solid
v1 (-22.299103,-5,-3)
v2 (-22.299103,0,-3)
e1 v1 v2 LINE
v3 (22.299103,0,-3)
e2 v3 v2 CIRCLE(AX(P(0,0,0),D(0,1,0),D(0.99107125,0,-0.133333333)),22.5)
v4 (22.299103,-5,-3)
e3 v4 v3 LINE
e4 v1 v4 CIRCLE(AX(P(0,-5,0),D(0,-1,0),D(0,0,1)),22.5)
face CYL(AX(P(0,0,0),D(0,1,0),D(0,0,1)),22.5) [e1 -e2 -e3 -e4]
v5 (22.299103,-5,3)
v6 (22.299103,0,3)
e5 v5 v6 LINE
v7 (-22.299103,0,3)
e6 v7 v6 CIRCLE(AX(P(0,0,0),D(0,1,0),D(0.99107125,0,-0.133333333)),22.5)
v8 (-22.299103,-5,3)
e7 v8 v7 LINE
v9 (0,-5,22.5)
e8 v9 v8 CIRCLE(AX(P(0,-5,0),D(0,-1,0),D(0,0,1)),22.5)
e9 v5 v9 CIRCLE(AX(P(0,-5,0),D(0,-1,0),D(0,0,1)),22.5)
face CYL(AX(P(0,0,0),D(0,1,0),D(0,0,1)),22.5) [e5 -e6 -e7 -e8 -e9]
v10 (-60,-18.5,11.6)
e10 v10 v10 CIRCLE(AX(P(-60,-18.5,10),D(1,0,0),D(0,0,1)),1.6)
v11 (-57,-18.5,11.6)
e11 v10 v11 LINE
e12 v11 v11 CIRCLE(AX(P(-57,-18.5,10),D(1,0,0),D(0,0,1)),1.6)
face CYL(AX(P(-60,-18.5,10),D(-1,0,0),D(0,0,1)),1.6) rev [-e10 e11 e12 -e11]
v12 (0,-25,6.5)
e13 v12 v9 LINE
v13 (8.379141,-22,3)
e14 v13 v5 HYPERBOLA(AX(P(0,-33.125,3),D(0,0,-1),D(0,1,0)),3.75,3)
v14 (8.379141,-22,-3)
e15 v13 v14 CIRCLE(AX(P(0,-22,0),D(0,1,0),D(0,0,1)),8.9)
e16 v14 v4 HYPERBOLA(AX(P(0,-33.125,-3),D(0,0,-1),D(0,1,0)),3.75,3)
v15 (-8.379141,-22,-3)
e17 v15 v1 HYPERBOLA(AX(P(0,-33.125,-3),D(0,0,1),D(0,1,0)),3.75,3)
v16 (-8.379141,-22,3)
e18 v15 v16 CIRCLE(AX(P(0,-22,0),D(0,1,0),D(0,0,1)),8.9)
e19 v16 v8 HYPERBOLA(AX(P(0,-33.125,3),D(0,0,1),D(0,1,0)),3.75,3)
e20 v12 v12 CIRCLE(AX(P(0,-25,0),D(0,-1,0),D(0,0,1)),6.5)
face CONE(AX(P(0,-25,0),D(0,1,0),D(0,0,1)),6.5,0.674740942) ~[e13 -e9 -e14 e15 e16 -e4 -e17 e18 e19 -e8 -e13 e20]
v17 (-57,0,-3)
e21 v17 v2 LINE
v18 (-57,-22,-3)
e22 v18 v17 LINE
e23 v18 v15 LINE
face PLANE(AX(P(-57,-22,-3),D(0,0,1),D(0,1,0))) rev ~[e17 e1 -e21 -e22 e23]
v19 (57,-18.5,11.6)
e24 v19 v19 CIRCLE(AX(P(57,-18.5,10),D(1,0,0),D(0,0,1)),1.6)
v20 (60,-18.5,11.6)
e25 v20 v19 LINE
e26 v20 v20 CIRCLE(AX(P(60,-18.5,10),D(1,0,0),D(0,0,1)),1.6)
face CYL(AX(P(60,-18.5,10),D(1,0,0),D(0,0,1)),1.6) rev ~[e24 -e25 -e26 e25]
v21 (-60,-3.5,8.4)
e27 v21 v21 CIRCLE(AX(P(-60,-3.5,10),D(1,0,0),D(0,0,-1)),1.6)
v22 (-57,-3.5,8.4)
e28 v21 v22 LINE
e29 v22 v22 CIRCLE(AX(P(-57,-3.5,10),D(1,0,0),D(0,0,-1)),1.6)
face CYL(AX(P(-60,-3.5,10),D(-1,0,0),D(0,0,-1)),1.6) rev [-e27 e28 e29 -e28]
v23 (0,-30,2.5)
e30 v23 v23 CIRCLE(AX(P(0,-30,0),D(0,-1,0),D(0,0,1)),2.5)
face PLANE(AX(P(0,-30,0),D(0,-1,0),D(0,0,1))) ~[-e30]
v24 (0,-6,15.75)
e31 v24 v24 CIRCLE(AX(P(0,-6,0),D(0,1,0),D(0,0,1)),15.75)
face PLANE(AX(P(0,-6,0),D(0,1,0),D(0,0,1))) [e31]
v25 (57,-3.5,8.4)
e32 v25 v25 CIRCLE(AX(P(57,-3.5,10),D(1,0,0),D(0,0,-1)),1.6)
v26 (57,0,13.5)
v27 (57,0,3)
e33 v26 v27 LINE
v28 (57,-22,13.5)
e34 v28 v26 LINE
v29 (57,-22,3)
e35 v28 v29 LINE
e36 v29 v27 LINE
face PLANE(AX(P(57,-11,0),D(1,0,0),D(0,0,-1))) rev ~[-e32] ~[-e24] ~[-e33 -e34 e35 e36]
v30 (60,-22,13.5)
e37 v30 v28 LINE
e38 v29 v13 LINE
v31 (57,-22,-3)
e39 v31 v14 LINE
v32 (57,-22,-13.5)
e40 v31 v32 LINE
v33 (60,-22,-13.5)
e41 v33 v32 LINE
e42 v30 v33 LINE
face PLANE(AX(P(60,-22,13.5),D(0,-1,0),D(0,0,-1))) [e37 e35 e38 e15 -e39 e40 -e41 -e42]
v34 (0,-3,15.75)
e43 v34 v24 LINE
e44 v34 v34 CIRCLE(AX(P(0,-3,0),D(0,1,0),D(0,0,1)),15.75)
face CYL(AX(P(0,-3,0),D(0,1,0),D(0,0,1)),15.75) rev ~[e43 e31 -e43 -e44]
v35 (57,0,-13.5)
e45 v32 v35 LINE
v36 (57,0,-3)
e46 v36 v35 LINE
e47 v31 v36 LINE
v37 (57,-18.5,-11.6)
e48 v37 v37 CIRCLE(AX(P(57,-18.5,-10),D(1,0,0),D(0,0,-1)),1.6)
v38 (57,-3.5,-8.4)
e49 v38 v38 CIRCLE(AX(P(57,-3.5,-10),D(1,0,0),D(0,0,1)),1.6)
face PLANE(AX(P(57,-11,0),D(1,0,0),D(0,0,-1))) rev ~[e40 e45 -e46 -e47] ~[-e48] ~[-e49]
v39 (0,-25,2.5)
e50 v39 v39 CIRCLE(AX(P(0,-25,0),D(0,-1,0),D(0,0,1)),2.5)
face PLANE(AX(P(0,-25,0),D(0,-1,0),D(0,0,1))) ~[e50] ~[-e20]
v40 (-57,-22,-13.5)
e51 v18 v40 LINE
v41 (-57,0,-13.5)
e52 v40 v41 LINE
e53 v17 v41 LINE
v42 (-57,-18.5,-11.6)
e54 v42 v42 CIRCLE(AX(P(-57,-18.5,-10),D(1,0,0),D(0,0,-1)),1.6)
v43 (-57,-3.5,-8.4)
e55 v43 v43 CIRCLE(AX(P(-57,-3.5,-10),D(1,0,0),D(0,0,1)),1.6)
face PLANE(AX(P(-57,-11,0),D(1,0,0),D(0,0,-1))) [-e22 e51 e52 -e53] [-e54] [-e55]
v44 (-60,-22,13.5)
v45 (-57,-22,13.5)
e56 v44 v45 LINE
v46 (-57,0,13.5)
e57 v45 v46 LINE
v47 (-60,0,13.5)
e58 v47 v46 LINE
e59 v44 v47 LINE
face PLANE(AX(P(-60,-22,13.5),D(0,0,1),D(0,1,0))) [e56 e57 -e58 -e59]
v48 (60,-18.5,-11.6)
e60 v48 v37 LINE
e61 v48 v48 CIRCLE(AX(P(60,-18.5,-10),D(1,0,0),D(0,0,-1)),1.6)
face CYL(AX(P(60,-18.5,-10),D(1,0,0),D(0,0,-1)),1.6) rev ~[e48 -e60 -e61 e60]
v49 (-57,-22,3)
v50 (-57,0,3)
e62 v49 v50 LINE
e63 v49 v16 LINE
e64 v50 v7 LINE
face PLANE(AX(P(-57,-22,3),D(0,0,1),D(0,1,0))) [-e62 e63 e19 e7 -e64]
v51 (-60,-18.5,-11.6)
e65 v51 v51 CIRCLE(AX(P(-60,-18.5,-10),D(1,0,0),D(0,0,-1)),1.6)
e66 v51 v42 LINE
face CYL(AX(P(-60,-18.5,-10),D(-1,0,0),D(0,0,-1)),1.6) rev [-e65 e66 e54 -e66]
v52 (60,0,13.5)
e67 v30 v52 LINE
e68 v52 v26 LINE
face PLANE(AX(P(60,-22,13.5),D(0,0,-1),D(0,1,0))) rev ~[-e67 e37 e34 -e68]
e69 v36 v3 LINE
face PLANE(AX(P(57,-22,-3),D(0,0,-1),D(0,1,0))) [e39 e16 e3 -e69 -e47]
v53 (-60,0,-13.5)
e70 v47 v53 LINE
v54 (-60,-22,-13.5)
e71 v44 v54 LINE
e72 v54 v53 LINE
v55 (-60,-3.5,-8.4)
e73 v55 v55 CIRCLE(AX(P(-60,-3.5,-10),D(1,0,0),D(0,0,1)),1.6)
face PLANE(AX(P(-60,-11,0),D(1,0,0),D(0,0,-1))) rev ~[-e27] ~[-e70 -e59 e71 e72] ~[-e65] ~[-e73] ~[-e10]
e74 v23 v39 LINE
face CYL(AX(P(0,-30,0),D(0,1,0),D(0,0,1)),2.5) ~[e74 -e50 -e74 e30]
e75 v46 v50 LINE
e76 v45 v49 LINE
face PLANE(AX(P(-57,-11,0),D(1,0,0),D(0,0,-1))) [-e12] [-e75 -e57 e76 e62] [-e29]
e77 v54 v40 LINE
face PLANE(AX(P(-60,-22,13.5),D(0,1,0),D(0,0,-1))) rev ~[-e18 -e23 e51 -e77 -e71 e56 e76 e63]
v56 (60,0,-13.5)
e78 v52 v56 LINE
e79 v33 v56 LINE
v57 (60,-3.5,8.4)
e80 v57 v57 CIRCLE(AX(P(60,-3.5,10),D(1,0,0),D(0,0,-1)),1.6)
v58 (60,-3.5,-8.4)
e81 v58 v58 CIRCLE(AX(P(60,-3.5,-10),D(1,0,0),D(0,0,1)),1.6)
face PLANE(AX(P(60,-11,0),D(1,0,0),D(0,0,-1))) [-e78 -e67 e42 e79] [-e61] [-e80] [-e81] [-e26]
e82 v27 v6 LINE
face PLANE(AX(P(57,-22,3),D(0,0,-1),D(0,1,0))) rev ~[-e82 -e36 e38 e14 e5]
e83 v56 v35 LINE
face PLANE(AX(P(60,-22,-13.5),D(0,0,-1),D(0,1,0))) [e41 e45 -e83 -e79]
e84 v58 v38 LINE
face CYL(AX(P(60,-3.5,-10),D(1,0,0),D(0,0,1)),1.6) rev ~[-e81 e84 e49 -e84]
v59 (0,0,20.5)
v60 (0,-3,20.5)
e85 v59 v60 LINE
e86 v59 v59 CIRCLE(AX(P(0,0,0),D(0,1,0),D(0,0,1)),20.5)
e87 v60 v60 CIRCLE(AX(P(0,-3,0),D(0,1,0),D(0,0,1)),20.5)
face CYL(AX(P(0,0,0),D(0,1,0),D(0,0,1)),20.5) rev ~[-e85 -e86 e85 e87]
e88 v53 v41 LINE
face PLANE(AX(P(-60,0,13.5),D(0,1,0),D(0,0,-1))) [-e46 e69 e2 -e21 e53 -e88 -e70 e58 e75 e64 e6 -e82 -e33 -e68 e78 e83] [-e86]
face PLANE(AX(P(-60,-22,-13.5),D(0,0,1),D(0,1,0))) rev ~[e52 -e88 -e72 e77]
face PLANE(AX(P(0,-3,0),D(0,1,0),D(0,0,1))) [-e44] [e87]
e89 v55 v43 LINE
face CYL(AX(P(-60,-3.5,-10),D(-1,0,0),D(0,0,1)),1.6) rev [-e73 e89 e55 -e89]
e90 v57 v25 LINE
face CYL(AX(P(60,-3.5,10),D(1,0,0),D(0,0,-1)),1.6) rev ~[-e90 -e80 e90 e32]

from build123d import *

# Parameters (mm, degrees)
SKETCH1_R    = 22.5
BASE_DEPTH   = 50
SKETCH3_R    = 20.5
INSET_DEPTH  = 3
SKETCH11_R   = 15.75
INSET2_DEPTH = 3
PAD_START    = 60
SKETCH4_W    = 27
SKETCH4_H    = 22
SKETCH4_R    = 1.6
PAD_DEPTH    = 3
RIB_REACH    = 89.901
SKETCH5_W    = 6
SKETCH5_H    = 22
PAD2_START   = -60
SKETCH4_2_W  = 27
SKETCH4_2_H  = 22
SKETCH4_2_R  = 1.6
PAD2_DEPTH   = 3
RIB2_REACH   = 124.863
SKETCH8_W    = 6
SKETCH8_H    = 22


with BuildPart() as part:
    # Sketch1 → Base (new body)
    with BuildSketch(Plane(origin=(0, 0, 0), x_dir=(1, 0, 0), z_dir=(0, 1, 0))):
        Circle(SKETCH1_R)
    extrude(amount=-BASE_DEPTH)

    # Sketch2 → Cone (revolve, cut)
    with BuildSketch(Plane(origin=(0, 0, 0), x_dir=(0, 0, -1), z_dir=(1, 0, 0))):
        Polygon((33.595146004, -5), (33.595146004, -56.971439611), (0, -56.971439611), (0, -30), (2.5, -30), (2.5, -25), (6.5, -25), (22.5, -5), align=None)
    revolve(axis=Axis((0, 0, 0), (0, -1, 0)), mode=Mode.SUBTRACT)

    # Sketch3 → Inset (cut)
    with BuildSketch(Plane(origin=(0, 0, 0), x_dir=(1, 0, 0), z_dir=(0, 1, 0))):
        Circle(SKETCH3_R)
    extrude(amount=-INSET_DEPTH, mode=Mode.SUBTRACT)

    # Sketch11 → Inset2 (cut)
    with BuildSketch(Plane(origin=(0, -3, 0), x_dir=(1, 0, 0), z_dir=(0, 1, 0))):
        Circle(SKETCH11_R)
    extrude(amount=-INSET2_DEPTH, mode=Mode.SUBTRACT)

    # Sketch5 → Rib (add, up to next)
    with BuildSketch(Plane.ZY.offset(-57), mode=Mode.PRIVATE) as rib_sk1:
        with Locations((0, -11)):
            Rectangle(SKETCH5_W, SKETCH5_H)
    rib_tool1 = extrude(rib_sk1.sketch, amount=RIB_REACH, mode=Mode.PRIVATE) - part.part


with BuildPart() as body_2:
    # Sketch4 → Pad (new body)
    with BuildSketch(Plane(origin=(0, 0, 0), x_dir=(0, 0, -1), z_dir=(1, 0, 0)).offset(PAD_START)):
        with Locations((0, -11)):
            Rectangle(SKETCH4_W, SKETCH4_H)
        with Locations((-10, -3.5)):
            Circle(SKETCH4_R, mode=Mode.SUBTRACT)
        with Locations((-10, -18.5)):
            Circle(SKETCH4_R, mode=Mode.SUBTRACT)
        with Locations((10, -18.5)):
            Circle(SKETCH4_R, mode=Mode.SUBTRACT)
        with Locations((10, -3.5)):
            Circle(SKETCH4_R, mode=Mode.SUBTRACT)
    extrude(amount=-PAD_DEPTH)


with BuildPart() as part_1:
    add(part.part)

    add(body_2.part)  # Rib merges body 2
    add(rib_tool1.solids().sort_by_distance((57, -11, 0))[0])

    # Sketch8 → Rib2 (add, up to next)
    with BuildSketch(Plane(origin=(-57, 0, 0), x_dir=(0, 0, -1), z_dir=(1, 0, 0)), mode=Mode.PRIVATE) as rib2_sk1:
        with Locations((0, -11)):
            Rectangle(SKETCH8_W, SKETCH8_H)
    rib2_tool1 = extrude(rib2_sk1.sketch, amount=RIB2_REACH, mode=Mode.PRIVATE) - part_1.part


with BuildPart() as body_2_2:
    # Sketch4<2> → Pad2 (new body)
    with BuildSketch(Plane(origin=(0, 0, 0), x_dir=(0, 0, -1), z_dir=(1, 0, 0)).offset(PAD2_START)):
        with Locations((0, -11)):
            Rectangle(SKETCH4_2_W, SKETCH4_2_H)
        with Locations((-10, -3.5)):
            Circle(SKETCH4_2_R, mode=Mode.SUBTRACT)
        with Locations((-10, -18.5)):
            Circle(SKETCH4_2_R, mode=Mode.SUBTRACT)
        with Locations((10, -18.5)):
            Circle(SKETCH4_2_R, mode=Mode.SUBTRACT)
        with Locations((10, -3.5)):
            Circle(SKETCH4_2_R, mode=Mode.SUBTRACT)
    extrude(amount=PAD2_DEPTH)


with BuildPart() as part_2:
    add(part_1.part)

    add(body_2_2.part)  # Rib2 merges body 2 2
    add(rib2_tool1.solids().sort_by_distance((-57, -11, 0))[0])


solid = part_2.part
